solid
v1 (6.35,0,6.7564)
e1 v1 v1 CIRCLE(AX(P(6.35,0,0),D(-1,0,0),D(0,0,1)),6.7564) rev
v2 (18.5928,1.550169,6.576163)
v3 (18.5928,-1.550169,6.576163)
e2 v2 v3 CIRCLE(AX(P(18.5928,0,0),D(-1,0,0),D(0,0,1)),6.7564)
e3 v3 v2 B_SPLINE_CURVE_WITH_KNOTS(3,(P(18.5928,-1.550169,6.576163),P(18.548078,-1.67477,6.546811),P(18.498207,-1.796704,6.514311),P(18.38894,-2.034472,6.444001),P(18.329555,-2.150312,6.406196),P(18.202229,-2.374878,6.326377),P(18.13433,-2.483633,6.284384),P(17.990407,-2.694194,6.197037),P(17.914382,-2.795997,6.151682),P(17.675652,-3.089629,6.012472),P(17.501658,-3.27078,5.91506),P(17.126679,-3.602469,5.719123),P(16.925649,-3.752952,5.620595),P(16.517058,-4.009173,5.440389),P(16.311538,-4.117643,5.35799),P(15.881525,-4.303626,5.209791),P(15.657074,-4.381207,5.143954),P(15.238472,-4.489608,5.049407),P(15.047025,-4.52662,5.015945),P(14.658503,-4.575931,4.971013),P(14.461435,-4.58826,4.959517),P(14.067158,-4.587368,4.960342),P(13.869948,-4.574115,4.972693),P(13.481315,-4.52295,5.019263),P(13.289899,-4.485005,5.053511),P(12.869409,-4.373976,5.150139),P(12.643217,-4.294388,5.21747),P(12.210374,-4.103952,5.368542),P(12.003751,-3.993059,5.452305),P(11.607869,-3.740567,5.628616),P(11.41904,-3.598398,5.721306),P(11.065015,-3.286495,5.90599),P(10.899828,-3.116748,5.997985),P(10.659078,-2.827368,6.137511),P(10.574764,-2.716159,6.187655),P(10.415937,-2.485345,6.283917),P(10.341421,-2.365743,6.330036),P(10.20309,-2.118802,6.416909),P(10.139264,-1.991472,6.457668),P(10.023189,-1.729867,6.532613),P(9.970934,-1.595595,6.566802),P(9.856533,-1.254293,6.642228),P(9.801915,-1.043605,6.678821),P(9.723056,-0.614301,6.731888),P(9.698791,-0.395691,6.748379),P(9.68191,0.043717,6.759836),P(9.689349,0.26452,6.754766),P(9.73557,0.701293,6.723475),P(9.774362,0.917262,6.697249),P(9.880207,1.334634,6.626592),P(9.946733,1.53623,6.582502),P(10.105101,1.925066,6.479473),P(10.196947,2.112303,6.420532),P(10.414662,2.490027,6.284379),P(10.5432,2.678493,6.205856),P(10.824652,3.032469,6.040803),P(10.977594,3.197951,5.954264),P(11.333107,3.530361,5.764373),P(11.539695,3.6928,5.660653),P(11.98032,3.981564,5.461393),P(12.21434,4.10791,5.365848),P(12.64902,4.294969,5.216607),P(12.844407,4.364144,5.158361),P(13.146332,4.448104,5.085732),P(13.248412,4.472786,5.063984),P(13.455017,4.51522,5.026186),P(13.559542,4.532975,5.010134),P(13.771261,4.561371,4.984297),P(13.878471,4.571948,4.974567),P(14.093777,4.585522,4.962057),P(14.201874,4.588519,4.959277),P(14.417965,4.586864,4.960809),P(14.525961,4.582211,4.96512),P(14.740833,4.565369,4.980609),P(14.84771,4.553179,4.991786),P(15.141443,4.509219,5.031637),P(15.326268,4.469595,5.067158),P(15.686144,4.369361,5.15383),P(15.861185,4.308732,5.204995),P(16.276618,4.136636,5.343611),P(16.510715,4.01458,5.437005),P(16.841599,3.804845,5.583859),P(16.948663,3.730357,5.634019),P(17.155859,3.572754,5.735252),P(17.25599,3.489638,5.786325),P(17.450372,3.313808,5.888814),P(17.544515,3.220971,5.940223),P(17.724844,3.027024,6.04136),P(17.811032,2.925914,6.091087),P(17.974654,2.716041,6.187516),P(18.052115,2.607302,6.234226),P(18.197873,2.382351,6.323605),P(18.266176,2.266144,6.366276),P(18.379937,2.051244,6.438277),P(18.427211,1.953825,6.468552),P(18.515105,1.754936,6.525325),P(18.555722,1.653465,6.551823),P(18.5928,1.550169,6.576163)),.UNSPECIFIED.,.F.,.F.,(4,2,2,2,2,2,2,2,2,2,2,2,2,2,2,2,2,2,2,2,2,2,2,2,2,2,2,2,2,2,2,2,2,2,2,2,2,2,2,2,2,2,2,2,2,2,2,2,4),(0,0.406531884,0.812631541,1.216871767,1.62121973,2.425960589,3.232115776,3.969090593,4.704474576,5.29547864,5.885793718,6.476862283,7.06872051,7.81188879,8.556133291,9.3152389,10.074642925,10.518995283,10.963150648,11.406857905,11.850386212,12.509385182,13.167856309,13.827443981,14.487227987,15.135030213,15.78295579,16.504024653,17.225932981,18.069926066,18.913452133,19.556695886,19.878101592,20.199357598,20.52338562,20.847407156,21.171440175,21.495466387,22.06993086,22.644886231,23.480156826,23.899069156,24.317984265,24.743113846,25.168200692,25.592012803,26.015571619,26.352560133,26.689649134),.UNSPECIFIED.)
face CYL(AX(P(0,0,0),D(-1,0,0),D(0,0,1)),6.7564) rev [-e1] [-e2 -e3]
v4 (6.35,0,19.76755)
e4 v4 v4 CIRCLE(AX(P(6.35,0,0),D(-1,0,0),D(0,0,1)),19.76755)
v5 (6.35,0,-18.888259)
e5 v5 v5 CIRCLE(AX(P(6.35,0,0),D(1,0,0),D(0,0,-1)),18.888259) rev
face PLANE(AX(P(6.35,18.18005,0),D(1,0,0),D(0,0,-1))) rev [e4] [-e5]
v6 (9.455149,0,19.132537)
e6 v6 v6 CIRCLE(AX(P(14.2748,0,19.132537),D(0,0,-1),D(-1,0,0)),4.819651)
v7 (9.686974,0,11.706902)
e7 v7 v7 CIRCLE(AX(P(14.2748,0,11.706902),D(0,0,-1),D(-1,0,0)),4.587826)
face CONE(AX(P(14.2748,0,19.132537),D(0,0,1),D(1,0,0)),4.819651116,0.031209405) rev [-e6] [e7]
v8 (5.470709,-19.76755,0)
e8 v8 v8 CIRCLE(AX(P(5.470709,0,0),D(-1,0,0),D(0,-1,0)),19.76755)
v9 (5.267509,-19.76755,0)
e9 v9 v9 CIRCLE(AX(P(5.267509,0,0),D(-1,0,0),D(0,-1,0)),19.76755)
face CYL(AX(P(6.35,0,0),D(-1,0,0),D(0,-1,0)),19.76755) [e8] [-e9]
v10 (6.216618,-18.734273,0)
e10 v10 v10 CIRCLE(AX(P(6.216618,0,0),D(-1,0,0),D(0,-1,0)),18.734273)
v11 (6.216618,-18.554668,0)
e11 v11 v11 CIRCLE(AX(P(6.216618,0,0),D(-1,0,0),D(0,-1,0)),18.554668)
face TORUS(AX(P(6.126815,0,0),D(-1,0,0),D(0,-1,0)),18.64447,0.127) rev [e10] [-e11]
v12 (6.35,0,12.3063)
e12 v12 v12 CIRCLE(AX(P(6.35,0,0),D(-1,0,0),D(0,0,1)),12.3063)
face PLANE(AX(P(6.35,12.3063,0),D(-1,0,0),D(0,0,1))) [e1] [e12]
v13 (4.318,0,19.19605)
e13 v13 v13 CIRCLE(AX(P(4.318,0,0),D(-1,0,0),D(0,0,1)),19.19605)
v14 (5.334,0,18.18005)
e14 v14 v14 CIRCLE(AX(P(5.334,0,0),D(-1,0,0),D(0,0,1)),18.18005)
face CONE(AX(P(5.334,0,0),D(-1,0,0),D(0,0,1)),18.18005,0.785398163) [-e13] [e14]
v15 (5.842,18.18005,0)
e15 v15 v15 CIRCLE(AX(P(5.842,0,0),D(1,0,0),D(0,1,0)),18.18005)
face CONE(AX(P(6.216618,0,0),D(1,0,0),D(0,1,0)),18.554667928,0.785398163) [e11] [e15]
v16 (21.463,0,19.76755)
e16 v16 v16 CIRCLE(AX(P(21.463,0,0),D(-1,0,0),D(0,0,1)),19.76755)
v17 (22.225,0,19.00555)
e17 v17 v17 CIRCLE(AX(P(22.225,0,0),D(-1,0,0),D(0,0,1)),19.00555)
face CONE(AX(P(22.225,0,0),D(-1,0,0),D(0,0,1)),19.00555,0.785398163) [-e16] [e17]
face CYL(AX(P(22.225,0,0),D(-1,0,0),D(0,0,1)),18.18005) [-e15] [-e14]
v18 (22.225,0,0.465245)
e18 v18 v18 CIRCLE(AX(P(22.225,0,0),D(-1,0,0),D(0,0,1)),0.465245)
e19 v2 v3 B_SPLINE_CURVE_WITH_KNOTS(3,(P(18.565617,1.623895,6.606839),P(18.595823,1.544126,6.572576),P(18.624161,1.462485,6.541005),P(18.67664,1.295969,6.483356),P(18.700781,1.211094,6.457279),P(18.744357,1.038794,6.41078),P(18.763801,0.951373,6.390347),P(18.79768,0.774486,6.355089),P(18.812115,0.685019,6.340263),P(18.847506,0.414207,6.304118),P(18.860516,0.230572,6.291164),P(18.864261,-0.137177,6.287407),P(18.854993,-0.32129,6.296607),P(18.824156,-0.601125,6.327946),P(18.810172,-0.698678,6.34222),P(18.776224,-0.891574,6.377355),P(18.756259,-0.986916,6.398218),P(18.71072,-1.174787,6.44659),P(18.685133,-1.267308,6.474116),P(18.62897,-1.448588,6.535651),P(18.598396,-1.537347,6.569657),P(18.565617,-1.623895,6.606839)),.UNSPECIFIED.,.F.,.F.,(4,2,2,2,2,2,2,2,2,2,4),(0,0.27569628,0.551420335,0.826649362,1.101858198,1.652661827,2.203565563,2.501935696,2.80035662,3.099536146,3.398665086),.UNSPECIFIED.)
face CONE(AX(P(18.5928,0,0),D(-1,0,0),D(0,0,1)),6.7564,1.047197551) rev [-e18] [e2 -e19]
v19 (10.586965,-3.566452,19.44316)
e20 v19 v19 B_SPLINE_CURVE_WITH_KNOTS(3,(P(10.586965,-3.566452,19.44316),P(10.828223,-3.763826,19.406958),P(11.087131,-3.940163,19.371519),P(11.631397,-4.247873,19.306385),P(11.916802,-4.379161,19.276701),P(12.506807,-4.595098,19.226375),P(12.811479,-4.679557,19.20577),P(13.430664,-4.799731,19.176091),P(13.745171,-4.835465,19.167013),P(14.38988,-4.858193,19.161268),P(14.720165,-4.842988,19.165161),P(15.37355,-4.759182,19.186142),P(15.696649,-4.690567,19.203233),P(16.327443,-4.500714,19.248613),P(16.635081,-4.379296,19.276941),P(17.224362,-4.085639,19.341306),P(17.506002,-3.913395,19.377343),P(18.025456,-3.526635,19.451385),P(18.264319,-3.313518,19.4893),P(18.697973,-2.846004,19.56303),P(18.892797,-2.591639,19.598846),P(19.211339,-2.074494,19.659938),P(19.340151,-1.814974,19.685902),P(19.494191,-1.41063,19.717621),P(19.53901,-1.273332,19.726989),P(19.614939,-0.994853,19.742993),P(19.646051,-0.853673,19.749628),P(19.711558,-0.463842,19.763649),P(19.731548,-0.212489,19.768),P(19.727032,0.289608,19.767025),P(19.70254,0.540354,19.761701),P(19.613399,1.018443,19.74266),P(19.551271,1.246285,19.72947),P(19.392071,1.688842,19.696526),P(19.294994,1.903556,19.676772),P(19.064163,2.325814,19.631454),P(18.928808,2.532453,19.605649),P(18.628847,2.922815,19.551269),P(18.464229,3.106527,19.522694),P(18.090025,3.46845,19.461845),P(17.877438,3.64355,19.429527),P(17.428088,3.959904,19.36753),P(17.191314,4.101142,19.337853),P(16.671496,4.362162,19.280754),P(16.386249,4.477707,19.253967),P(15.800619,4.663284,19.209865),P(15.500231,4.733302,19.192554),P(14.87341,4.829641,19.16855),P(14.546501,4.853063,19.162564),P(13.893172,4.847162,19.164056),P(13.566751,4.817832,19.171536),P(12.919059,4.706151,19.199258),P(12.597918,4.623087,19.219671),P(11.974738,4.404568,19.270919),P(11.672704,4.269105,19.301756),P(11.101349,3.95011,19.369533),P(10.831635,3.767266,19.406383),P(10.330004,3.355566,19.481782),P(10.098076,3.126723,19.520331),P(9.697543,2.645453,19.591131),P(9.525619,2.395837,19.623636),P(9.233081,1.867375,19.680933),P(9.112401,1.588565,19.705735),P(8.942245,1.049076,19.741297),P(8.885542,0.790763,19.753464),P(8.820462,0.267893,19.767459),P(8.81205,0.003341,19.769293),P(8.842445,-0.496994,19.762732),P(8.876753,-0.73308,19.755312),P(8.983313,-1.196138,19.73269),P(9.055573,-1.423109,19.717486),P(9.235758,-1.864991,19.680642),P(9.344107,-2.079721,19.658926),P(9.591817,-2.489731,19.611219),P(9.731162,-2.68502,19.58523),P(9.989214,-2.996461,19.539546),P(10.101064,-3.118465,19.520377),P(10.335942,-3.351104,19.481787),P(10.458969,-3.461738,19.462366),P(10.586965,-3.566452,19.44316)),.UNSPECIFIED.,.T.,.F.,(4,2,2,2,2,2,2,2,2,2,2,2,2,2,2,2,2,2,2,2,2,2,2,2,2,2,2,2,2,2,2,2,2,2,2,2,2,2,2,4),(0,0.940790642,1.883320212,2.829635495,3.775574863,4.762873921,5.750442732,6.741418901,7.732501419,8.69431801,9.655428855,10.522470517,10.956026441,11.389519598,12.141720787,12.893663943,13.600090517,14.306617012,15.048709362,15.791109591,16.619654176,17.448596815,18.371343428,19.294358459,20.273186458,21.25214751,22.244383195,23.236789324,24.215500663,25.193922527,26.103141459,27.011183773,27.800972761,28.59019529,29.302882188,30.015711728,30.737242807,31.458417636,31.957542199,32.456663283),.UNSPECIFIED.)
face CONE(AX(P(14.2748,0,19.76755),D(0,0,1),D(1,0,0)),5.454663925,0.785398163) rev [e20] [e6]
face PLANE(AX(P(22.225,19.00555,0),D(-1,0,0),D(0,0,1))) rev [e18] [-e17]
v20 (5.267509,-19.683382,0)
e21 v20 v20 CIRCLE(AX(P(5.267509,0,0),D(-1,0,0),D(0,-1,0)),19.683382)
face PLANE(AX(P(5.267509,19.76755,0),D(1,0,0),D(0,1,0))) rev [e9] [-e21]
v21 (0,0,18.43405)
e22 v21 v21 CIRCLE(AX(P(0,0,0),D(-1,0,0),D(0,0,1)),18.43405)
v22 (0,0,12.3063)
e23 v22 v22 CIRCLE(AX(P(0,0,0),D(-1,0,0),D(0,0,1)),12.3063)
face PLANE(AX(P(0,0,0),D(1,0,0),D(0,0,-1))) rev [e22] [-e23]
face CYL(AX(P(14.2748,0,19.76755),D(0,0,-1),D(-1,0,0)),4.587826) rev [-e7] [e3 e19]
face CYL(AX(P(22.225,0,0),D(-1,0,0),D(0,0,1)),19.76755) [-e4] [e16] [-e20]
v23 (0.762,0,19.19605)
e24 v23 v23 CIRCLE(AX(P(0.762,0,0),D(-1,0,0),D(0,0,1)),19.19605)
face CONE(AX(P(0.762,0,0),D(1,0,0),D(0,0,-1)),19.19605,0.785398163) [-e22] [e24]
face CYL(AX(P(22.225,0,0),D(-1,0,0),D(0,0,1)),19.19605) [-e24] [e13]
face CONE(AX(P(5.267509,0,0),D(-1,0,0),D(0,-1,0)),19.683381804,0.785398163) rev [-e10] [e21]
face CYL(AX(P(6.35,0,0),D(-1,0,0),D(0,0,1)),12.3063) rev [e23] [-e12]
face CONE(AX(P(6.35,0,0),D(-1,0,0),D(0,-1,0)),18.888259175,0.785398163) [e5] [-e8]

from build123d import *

# Parameters (mm, degrees)
HOLE1_D     = 13.5128
HOLE1_DEPTH = 18.5928
HOLE1_TIP   = 3.900809359
SKETCH5_W   = 6.35
SKETCH5_H   = 12.3063


with BuildPart() as part:
    # Sketch1 → Revolve1 (revolve)
    with BuildSketch(Plane.XY):
        Polygon((0, 0), (0, 18.43405), (0.762, 19.19605), (4.318, 19.19605), (5.334, 18.18005), (6.35, 18.18005), (6.35, 19.76755), (21.463, 19.76755), (22.225, 19.00555), (22.225, 0), align=None)
    revolve(axis=Axis((22.225, 0, 0), (-1, 0, 0)))

    # Hole1
    with Locations(Plane.ZY):
        with Locations((0, 0)):
            Hole(HOLE1_D / 2, depth=HOLE1_DEPTH)
            with Locations((0, 0, -(HOLE1_DEPTH + HOLE1_TIP / 2))):  # 120° drill point
                Cone(0, HOLE1_D / 2, HOLE1_TIP, mode=Mode.SUBTRACT)

    # Sketch4 → Cut-Revolve1 (revolve, cut)
    with BuildSketch(Plane(origin=(0, 0, 0), x_dir=(1, 0, 0), z_dir=(0, 1, 0))):
        Polygon((14.2748, 0), (18.86262618, 0), (18.86262618, -11.706901754), (19.094451116, -19.132537191), (19.729463925, -19.76755), (14.2748, -19.76755), align=None)
    revolve(axis=Axis((14.2748, 0, 19.76755), (0, 0, -1)), mode=Mode.SUBTRACT)

    # Sketch5 → Cut-Revolve2 (revolve, cut)
    with BuildSketch(Plane.XY):
        with Locations((3.175, 6.15315)):
            Rectangle(SKETCH5_W, SKETCH5_H)
    revolve(axis=Axis((6.35, 0, 0), (-1, 0, 0)), mode=Mode.SUBTRACT)

    # Sketch6 → Revolve2 (revolve)
    with BuildSketch(Plane.XY):
        with BuildLine():
            Line((5.267509175, 19.683381804), (6.216617928, 18.734273051))
            ThreePointArc((6.216617928, 18.734273051), (6.253815367, 18.64447049), (6.216617928, 18.554667928))
            Line((6.216617928, 18.554667928), (5.842, 18.18005))
            Line((5.842, 18.18005), (5.334, 18.18005))
            Line((5.334, 18.18005), (5.334, 17.92605))
            Line((5.334, 17.92605), (6.35, 17.92605))
            Line((6.35, 17.92605), (6.35, 18.888259175))
            Line((6.35, 18.888259175), (5.470709175, 19.76755))
            Line((5.470709175, 19.76755), (5.267509175, 19.76755))
            Line((5.267509175, 19.76755), (5.267509175, 19.683381804))
        make_face()
    revolve(axis=Axis((6.35, 0, 0), (-1, 0, 0)))


solid = part.part
